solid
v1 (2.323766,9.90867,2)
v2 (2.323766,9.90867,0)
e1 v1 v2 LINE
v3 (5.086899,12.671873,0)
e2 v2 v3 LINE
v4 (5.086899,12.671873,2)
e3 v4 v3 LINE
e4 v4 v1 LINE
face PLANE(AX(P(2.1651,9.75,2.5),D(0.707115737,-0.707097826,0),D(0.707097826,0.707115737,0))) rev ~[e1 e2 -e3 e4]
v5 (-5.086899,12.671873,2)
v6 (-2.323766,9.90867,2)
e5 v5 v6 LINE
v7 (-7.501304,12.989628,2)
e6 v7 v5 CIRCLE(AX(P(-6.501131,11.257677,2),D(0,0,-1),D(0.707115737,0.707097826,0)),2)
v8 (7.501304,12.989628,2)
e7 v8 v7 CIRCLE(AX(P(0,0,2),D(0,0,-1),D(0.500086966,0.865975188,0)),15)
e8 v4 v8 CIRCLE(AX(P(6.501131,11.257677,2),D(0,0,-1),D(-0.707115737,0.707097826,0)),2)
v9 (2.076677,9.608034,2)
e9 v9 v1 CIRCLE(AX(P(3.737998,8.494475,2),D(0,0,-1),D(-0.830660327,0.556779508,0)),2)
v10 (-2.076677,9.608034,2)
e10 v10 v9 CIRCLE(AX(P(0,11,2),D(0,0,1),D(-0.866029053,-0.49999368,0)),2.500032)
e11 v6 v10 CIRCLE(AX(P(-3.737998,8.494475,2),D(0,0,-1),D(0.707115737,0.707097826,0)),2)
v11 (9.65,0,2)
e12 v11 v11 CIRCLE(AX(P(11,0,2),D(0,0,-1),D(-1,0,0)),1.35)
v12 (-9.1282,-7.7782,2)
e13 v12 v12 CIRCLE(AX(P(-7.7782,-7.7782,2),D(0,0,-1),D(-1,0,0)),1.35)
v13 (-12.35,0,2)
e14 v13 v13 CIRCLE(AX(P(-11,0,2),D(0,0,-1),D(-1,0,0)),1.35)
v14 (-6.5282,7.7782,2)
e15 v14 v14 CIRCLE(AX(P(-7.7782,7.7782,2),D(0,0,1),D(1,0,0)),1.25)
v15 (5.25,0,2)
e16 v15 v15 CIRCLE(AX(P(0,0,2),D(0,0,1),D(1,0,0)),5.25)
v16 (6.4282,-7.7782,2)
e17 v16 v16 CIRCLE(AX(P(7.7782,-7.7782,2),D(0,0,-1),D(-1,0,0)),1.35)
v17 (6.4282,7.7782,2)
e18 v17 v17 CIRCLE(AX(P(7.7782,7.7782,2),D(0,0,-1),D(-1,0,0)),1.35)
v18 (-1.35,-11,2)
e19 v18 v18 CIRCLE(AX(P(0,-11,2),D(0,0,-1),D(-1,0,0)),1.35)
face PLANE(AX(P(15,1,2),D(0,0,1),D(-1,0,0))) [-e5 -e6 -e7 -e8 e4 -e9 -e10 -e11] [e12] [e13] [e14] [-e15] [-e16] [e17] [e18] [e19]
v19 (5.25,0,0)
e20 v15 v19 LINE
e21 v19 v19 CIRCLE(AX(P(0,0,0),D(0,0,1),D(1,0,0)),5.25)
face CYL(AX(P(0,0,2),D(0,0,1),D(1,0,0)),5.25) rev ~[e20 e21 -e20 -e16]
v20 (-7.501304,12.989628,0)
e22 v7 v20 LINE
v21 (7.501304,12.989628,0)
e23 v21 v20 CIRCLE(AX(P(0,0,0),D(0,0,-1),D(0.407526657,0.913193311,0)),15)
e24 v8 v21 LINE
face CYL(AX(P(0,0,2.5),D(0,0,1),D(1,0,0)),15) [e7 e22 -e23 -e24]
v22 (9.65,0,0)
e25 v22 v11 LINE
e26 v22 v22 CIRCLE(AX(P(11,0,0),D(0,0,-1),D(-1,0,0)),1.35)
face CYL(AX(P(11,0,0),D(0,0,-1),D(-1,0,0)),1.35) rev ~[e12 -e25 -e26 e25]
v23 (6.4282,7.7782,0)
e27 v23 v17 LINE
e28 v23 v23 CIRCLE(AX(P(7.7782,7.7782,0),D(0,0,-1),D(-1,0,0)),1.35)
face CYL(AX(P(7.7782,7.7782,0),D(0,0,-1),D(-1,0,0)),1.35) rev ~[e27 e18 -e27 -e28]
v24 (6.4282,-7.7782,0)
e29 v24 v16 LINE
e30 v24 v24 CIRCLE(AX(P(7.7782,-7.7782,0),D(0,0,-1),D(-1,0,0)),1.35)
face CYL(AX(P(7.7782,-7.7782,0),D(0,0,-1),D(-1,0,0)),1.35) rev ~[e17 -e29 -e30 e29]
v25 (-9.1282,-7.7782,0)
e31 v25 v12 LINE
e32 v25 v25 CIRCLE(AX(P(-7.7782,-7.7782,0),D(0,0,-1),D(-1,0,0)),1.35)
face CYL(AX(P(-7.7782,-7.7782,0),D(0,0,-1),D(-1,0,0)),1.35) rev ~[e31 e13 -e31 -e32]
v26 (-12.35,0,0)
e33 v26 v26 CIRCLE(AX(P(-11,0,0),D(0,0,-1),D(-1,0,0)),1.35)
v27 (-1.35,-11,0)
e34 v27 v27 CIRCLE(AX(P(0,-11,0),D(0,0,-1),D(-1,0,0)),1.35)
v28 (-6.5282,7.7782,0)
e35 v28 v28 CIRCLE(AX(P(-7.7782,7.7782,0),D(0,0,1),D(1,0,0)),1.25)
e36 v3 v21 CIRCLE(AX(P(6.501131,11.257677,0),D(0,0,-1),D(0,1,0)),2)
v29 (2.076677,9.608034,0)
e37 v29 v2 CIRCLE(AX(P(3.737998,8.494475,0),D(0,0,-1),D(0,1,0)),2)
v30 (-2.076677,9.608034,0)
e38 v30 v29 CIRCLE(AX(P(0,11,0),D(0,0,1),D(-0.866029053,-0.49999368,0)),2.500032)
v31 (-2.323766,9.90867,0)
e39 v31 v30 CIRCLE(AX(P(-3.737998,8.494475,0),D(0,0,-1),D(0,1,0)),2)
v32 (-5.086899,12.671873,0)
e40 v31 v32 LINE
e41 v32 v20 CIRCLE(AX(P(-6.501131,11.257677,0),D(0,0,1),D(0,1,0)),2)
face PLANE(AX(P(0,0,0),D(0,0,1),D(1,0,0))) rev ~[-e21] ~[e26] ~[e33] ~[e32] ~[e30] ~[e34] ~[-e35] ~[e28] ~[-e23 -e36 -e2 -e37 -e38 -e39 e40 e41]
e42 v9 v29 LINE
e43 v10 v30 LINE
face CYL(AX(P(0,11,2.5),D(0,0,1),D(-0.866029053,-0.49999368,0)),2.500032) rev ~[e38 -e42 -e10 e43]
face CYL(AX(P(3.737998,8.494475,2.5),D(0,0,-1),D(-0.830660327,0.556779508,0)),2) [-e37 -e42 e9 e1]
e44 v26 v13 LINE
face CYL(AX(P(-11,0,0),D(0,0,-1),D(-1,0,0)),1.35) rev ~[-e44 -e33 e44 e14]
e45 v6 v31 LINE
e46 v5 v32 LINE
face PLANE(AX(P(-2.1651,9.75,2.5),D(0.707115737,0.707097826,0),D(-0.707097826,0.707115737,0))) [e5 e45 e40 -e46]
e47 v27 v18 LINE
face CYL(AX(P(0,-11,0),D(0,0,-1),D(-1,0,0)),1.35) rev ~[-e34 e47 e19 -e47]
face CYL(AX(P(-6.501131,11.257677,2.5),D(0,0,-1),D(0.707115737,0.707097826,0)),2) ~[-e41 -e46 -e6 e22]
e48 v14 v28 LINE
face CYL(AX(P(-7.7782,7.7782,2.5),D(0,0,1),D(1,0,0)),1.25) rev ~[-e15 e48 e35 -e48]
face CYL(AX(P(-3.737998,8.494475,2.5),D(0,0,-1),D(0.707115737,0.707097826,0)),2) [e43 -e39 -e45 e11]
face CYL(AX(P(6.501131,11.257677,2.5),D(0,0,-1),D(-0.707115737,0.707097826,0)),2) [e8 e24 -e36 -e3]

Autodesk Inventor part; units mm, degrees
ref_plane "YZ Plane" through (0, 0, 0) normal (1, 0, 0) x (0, 1, 0)
ref_plane "XZ Plane" through (0, 0, 0) normal (0, 1, 0) x (-1, 0, 0)
ref_plane "XY Plane" through (0, 0, 0) normal (0, 0, 1) x (1, 0, 0)
sketch "Sketch1" plane through (0, 0, 0) normal (0, 0, 1) x (1, 0, 0)
  circle A0 centre (0, 0) radius 18
  dimension "d0" = 36
extrude "Extrusion1" add sketch "Sketch1" along normal blind 2.5
sketch "Sketch2" plane through (0, 0, 2.5) normal (0, 0, 1) x (1, 0, 0)
  line L0 (0, 0) -> (0, 11)
  circle A0 centre (0, 11) radius 1.25
  circle A1 centre (0, 0) radius 5
  circle A2 centre (7.7782, 7.7782) radius 1.25
  circle A3 centre (11, 0) radius 1.25
  circle A4 centre (7.7782, -7.7782) radius 1.25
  circle A5 centre (0, -11) radius 1.25
  circle A6 centre (-7.7782, -7.7782) radius 1.25
  circle A7 centre (-11, 0) radius 1.25
  circle A8 centre (-7.7782, 7.7782) radius 1.25
  dimension "d3" = 11
  dimension "d4" = 2.5
  dimension "d5" = 10
  dimension "d8" = 360
extrude "Extrusion2" cut sketch "Sketch2" against normal through all
sketch "Sketch3" plane through (0, 0, 2.5) normal (0, 0, 1) x (1, 0, 0)
  circle A0 centre (0, 0) radius 15
  circle A1 centre (0, 0) radius 18
  dimension "d12" = 30
extrude "Extrusion3" cut sketch "Sketch3" against normal through all
sketch "Sketch4" plane through (0, 0, 2.5) normal (0, 0, 1) x (1, 0, 0)
  circle A0 centre (0, 11) radius 1.25 projected
  arc A1 (-2.1651, 9.75) -> (2.1651, 9.75) centre (0, 11) ccw
  circle A2 centre (-7.7782, 7.7782) radius 1.25 projected
  circle A3 centre (7.7782, 7.7782) radius 1.25 projected
  circle A4 centre (0, 0) radius 5 projected
  line L0 (2.1651, 9.75) -> (6.1129, 13.6979)
  circle A5 centre (0, 0) radius 15 projected
  line L1 (2.1651, 9.75) -> (7.7482, 9.75) construction
  line L2 (-2.1651, 9.75) -> (-6.1129, 13.6979)
  line L3 (-2.1651, 9.75) -> (3.4181, 9.75) construction
  arc A6 (6.1129, 13.6979) -> (-6.1129, 13.6979) centre (0, 0) ccw
  dimension "d15" = 5
  dimension "d17" = 45
  dimension "d18" = 135
extrude "Extrusion4" cut sketch "Sketch4" against normal blind 10 contours L2 A5 L0 A1 picked at (3.4839, 13.2226)
fillet "Fillet1" radius 2 4 edges at (-6.1129, 13.6979, 1.25) (6.1129, 13.6979, 1.25) (-2.1651, 9.75, 1.25) (2.1651, 9.75, 1.25)
sketch "Sketch5" plane through (0, 0, 2.5) normal (0, 0, 1) x (1, 0, 0)
  line L0 (0, 0) -> (1, 0)
  line L1 (1, 0) -> (1, 1)
  line L2 (1, 1) -> (0, 1)
  line L3 (0, 1) -> (0, 0)
  dimension "d22" = 1
  dimension "d23" = 1
extrude "Extrusion5" add sketch "Sketch5" along normal blind 1
sketch "Sketch6" plane through (0, 1, 2.5) normal (0, 1, 0) x (1, 0, 0)
  line L0 (2.0766, 0) -> (-2.0766, 0) projected
  line L1 (-15, 2.5) -> (-15, 0) projected
  line L2 (0, 0) -> (-15, 0)
  line L3 (-15, 0) -> (-15, 0.5)
  line L4 (-15, 0.5) -> (0, 0.5)
  line L5 (0, 0.5) -> (0, 0)
  line L6 (0, 0) -> (15, 0)
  line L7 (15, 0) -> (15, 0.5)
  line L8 (15, 0.5) -> (0, 0.5)
  line L9 (0, 0.5) -> (0, 0)
  point P0 (0, 2.5)
  point P1 (0, 0.5)
  dimension "d26" = 0.5
  dimension "d27" = 15
extrude "Extrusion6" cut sketch "Sketch6" along normal through all both and the other way through all
sketch "Sketch7" plane through (0, 0, 3.5) normal (0, 0, 1) x (1, 0, 0)
  line L0 (1, 1) -> (0, 1) projected
  line L1 (0, 0) -> (1, 0) projected
  line L2 (0, 1) -> (1, 1)
  line L3 (1, 1) -> (1, 0)
  line L4 (1, 0) -> (0, 0)
  line L5 (0, 0) -> (0, 1)
extrude "Extrusion7" cut sketch "Sketch7" against normal blind 1
sketch "Sketch8" plane through (0, 0, 2) normal (0, 0, 1) x (1, 0, 0)
  circle A0 centre (0, 0) radius 5.25
  dimension "d32" = 10.5
extrude "Extrusion8" cut sketch "Sketch8" against normal through all
sketch "Sketch9" plane through (0, 0, 0) normal (0, 0, -1) x (-1, 0, 0)
  circle A0 centre (0, -11) radius 1.25 projected
  circle A1 centre (0, -11) radius 1.35
  circle A2 centre (-7.7782, -7.7782) radius 1.25 projected
  circle A3 centre (-7.7782, -7.7782) radius 1.35
  circle A4 centre (-11, 0) radius 1.25 projected
  circle A5 centre (-11, 0) radius 1.35
  circle A6 centre (-7.7782, 7.7782) radius 1.25 projected
  circle A7 centre (-7.7782, 7.7782) radius 1.35
  circle A8 centre (7.7782, -7.7782) radius 1.25 projected
  circle A9 centre (7.7782, -7.7782) radius 1.35
  circle A10 centre (11, 0) radius 1.25 projected
  circle A11 centre (11, 0) radius 1.35
  circle A12 centre (7.7782, 7.7782) radius 1.25 projected
  circle A13 centre (7.7782, 7.7782) radius 1.35
  point P0 (0, 0)
  dimension "d35" = 2.7
  dimension "d36" = 2.7
  dimension "d37" = 2.7
  dimension "d38" = 2.7
  dimension "d39" = 2.7
  dimension "d40" = 2.7
  dimension "d41" = 2.7
extrude "Extrusion9" cut sketch "Sketch9" against normal through all contours A1 | A3 | A5 | A7 | A9 | A10 | A11
properties part number "Pulley_middle"
